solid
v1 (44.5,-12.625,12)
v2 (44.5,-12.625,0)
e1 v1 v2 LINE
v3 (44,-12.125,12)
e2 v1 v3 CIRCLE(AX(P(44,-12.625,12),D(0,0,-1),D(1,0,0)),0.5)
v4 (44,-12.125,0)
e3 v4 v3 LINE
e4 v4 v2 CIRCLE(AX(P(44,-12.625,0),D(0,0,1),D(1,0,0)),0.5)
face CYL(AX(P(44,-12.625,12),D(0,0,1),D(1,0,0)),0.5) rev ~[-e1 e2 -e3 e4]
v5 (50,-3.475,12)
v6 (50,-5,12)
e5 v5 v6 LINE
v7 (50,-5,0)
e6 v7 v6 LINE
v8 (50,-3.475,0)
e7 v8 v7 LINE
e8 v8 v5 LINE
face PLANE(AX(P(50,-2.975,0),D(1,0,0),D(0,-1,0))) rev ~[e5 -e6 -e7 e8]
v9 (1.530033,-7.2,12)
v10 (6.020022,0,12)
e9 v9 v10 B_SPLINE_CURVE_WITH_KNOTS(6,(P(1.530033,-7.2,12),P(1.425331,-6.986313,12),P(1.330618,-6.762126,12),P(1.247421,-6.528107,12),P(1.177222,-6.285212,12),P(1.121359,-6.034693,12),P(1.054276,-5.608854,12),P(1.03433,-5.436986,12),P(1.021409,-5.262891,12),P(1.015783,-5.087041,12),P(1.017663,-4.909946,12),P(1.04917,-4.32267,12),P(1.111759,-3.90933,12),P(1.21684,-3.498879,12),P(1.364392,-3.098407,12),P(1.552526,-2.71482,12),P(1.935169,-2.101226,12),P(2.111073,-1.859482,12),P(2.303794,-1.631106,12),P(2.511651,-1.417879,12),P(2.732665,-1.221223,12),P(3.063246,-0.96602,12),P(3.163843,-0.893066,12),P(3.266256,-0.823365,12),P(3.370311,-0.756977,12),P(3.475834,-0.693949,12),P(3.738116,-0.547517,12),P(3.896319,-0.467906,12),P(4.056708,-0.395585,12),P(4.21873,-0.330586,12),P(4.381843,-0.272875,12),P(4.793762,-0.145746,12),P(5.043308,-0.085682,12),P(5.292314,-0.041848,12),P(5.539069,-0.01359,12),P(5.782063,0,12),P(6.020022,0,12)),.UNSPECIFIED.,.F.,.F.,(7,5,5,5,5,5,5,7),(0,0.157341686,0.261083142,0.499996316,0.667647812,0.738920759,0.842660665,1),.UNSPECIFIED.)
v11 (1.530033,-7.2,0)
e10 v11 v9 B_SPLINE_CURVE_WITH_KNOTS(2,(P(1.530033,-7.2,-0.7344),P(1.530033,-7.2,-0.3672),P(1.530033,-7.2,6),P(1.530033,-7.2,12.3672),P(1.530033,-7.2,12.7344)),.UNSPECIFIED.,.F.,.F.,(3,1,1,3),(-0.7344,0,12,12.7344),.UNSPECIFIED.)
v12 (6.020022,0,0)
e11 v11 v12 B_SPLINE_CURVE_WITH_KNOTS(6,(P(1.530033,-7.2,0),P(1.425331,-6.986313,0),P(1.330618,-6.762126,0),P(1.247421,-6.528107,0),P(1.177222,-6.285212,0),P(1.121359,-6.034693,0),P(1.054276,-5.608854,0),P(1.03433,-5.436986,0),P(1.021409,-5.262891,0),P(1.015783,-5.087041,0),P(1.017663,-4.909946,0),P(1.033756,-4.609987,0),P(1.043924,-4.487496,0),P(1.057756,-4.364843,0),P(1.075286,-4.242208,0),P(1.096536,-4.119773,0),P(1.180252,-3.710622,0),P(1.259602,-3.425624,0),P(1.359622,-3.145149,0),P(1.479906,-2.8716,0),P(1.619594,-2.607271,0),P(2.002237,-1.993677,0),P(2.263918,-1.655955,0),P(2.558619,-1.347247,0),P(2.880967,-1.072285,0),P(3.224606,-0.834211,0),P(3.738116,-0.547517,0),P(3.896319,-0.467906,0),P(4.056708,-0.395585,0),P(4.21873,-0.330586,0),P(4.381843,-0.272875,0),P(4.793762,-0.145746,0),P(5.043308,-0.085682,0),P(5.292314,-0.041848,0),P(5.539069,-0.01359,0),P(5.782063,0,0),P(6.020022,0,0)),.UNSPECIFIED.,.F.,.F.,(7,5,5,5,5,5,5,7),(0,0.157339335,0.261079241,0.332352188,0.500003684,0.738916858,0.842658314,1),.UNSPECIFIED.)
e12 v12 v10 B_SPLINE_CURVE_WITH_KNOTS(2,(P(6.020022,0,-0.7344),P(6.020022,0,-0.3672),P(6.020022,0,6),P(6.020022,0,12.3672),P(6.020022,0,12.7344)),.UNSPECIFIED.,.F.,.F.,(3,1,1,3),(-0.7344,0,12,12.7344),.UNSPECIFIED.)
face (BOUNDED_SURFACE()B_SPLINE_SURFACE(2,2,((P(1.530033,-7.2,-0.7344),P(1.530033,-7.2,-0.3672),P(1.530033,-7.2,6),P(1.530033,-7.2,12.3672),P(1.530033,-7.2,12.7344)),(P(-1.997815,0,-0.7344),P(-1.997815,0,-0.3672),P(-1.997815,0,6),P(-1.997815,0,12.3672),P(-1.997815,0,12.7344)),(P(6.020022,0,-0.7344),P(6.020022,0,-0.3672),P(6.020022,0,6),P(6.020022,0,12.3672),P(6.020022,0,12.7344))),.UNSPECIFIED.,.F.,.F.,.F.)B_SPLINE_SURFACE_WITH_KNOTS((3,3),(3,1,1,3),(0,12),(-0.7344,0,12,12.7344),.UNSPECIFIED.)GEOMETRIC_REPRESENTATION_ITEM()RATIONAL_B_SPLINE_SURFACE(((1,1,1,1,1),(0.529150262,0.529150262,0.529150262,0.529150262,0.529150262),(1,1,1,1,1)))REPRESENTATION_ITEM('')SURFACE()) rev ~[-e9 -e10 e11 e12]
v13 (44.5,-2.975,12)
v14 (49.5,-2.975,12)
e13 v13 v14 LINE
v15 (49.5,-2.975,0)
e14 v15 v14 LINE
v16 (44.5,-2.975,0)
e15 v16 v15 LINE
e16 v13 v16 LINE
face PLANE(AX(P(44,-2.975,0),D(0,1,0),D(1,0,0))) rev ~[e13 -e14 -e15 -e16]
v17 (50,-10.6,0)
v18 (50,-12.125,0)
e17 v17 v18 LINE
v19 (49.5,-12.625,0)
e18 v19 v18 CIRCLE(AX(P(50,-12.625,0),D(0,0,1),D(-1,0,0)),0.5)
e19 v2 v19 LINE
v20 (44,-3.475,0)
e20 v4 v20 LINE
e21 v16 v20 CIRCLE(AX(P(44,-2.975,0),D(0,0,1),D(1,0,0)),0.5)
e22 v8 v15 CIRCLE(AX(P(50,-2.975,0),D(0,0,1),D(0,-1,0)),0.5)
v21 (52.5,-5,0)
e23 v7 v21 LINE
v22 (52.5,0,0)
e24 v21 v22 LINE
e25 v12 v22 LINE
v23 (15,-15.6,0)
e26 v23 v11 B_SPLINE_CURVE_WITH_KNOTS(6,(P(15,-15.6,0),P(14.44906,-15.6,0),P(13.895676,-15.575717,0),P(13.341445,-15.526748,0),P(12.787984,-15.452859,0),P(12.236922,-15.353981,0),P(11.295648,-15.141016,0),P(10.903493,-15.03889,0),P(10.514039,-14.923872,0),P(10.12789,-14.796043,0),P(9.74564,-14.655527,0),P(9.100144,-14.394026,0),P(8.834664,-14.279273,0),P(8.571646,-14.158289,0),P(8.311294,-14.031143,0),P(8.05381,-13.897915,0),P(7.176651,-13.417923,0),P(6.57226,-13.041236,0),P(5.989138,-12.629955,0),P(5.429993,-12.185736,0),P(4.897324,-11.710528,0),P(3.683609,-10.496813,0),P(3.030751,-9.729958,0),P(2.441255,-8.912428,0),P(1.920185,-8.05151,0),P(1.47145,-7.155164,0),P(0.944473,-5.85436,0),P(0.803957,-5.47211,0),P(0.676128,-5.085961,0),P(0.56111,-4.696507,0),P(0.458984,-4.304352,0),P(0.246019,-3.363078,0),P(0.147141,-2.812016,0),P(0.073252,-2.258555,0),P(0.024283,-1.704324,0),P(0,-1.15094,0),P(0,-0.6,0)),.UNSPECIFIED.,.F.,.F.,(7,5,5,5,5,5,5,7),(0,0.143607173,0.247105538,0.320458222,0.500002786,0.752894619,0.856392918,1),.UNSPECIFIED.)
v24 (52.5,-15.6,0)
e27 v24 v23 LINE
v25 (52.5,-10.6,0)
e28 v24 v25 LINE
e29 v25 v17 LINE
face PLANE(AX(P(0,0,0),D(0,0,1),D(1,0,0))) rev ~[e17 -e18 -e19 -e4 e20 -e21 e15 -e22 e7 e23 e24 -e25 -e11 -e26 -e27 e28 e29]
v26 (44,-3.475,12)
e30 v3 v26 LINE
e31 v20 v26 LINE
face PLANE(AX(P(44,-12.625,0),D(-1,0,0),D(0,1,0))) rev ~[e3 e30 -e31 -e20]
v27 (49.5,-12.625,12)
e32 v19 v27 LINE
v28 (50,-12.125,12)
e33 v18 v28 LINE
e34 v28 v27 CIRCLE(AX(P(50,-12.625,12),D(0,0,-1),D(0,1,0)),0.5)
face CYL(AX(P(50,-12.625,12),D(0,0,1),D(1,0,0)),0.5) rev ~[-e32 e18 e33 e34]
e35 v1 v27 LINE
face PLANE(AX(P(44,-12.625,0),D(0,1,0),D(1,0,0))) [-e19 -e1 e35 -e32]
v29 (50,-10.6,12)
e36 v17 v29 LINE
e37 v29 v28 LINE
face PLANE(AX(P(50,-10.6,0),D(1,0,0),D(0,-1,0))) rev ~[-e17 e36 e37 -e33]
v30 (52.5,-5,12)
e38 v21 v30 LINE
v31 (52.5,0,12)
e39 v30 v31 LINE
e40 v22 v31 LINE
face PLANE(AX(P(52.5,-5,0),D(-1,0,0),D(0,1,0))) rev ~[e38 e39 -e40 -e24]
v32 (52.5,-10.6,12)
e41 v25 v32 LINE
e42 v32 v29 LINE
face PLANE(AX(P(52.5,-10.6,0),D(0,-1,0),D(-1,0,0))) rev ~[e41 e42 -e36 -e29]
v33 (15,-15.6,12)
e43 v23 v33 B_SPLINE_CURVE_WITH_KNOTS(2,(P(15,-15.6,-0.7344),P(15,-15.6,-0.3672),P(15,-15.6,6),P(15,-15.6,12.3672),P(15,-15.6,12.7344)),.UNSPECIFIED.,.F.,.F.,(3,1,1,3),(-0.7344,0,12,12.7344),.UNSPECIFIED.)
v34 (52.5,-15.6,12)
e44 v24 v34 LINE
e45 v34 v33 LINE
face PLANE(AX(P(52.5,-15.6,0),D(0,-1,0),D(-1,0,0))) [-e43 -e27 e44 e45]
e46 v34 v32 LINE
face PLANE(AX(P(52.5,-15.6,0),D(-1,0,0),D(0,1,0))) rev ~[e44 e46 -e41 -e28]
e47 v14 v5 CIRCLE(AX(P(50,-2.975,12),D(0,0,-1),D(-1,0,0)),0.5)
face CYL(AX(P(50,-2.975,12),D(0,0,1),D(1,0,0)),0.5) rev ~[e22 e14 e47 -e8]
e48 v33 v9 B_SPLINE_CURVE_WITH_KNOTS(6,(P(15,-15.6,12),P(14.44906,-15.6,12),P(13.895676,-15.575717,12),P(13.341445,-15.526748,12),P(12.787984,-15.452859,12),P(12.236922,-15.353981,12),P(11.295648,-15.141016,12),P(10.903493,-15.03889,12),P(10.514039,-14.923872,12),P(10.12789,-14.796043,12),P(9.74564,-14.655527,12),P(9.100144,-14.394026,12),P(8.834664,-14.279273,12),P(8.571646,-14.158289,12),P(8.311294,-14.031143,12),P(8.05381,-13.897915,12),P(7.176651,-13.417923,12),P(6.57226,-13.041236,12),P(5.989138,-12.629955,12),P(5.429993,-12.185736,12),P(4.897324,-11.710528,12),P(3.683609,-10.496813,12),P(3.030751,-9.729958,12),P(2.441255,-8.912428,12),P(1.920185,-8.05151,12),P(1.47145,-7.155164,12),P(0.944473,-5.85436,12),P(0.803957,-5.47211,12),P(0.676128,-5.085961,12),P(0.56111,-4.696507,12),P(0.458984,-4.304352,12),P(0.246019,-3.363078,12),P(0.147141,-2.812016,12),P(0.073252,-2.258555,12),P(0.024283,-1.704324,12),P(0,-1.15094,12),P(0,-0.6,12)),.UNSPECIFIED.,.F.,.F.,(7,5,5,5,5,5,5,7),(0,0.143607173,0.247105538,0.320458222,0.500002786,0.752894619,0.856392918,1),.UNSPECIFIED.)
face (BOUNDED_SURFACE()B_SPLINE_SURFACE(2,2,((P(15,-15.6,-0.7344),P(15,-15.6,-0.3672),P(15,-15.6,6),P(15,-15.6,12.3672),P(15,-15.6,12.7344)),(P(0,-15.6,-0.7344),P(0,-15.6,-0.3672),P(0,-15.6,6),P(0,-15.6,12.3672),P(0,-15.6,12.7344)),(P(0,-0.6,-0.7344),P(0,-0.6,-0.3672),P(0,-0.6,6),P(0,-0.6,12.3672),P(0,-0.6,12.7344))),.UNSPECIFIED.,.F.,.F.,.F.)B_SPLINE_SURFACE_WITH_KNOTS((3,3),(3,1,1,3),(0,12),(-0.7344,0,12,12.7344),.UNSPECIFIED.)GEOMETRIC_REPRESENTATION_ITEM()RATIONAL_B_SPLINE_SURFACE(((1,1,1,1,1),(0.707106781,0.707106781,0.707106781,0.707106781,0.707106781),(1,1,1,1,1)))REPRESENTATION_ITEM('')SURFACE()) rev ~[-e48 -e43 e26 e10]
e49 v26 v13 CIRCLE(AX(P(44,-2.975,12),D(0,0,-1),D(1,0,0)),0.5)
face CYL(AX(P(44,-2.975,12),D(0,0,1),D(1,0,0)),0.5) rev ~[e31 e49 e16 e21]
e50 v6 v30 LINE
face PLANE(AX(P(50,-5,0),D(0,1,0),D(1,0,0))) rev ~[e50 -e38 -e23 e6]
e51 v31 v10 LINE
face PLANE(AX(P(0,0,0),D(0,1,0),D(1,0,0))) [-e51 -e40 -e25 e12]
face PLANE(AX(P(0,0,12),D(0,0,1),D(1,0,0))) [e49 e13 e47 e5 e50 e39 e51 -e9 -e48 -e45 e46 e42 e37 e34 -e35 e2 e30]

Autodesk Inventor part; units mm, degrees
ref_plane "YZ Plane" through (0, 0, 0) normal (1, 0, 0) x (0, 1, 0)
ref_plane "XZ Plane" through (0, 0, 0) normal (0, 1, 0) x (-1, 0, 0)
ref_plane "XY Plane" through (0, 0, 0) normal (0, 0, 1) x (1, 0, 0)
sketch "Sketch5" plane through (0, 0, 0) normal (0, 0, 1) x (1, 0, 0)
  line L0 (52.5, -15.6) -> (52.5, -10.6)
  line L1 (52.5, -10.6) -> (50, -10.6)
  line L2 (50, -10.6) -> (50, -12.625)
  line L3 (44, -12.625) -> (44, -2.975)
  line L4 (50, -2.975) -> (50, -5)
  line L5 (50, -5) -> (52.5, -5)
  line L6 (52.5, -5) -> (52.5, 0)
  line L7 (52.5, 0) -> (7.8, 0)
  line L8 (44, -2.975) -> (50, -2.975)
  line L9 (44, -12.625) -> (50, -12.625)
  line L10 (52.5, -15.6) -> (7.8, -15.6)
  line L11 (7.8, -15.6) -> (0, -15.6)
  line L12 (0, -15.6) -> (0, 0)
  line L13 (0, 0) -> (7.8, 0)
  point P0 (7.8, 0)
  dimension "d41" = 6
  dimension "d48" = 44
  dimension "d50" = 2.5
  dimension "d63" = 44.7
  dimension "d71" = 0
  dimension "d87" = 5.6
  dimension "d88" = 9.65
  dimension "d97" = 15.6
extrude "Extrusion2" add sketch "Sketch5" along normal blind 12
fillet "Fillet2" radius 15 1 edges at (0, -15.6, 6)
sketch "Sketch11" plane through (0, 0, 12) normal (0, 0, 1) x (1, 0, 0)
  line L0 (44, -2.975) -> (50, -2.975) projected
  circle A0 centre (44, -2.975) radius 0.5
  line L1 (44, -12.625) -> (44, -2.975) projected
  circle A1 centre (44, -12.625) radius 0.5
  line L2 (50, -12.625) -> (44, -12.625) projected
  circle A2 centre (50, -12.625) radius 0.5
  line L3 (50, -2.975) -> (50, -5) projected
  circle A3 centre (50, -2.975) radius 0.5
  point P0 (0, 0)
  dimension "d99" = 1
  dimension "d100" = 1
  dimension "d101" = 1
  dimension "d102" = 1
extrude "Extrusion7" cut sketch "Sketch11" against normal through all
fillet "Rundung3" radius 5 1 edges at (0, 0, 6)
equation "\"l1\" = 8"
properties part number "Maria_Greifer_3D-Druck"
